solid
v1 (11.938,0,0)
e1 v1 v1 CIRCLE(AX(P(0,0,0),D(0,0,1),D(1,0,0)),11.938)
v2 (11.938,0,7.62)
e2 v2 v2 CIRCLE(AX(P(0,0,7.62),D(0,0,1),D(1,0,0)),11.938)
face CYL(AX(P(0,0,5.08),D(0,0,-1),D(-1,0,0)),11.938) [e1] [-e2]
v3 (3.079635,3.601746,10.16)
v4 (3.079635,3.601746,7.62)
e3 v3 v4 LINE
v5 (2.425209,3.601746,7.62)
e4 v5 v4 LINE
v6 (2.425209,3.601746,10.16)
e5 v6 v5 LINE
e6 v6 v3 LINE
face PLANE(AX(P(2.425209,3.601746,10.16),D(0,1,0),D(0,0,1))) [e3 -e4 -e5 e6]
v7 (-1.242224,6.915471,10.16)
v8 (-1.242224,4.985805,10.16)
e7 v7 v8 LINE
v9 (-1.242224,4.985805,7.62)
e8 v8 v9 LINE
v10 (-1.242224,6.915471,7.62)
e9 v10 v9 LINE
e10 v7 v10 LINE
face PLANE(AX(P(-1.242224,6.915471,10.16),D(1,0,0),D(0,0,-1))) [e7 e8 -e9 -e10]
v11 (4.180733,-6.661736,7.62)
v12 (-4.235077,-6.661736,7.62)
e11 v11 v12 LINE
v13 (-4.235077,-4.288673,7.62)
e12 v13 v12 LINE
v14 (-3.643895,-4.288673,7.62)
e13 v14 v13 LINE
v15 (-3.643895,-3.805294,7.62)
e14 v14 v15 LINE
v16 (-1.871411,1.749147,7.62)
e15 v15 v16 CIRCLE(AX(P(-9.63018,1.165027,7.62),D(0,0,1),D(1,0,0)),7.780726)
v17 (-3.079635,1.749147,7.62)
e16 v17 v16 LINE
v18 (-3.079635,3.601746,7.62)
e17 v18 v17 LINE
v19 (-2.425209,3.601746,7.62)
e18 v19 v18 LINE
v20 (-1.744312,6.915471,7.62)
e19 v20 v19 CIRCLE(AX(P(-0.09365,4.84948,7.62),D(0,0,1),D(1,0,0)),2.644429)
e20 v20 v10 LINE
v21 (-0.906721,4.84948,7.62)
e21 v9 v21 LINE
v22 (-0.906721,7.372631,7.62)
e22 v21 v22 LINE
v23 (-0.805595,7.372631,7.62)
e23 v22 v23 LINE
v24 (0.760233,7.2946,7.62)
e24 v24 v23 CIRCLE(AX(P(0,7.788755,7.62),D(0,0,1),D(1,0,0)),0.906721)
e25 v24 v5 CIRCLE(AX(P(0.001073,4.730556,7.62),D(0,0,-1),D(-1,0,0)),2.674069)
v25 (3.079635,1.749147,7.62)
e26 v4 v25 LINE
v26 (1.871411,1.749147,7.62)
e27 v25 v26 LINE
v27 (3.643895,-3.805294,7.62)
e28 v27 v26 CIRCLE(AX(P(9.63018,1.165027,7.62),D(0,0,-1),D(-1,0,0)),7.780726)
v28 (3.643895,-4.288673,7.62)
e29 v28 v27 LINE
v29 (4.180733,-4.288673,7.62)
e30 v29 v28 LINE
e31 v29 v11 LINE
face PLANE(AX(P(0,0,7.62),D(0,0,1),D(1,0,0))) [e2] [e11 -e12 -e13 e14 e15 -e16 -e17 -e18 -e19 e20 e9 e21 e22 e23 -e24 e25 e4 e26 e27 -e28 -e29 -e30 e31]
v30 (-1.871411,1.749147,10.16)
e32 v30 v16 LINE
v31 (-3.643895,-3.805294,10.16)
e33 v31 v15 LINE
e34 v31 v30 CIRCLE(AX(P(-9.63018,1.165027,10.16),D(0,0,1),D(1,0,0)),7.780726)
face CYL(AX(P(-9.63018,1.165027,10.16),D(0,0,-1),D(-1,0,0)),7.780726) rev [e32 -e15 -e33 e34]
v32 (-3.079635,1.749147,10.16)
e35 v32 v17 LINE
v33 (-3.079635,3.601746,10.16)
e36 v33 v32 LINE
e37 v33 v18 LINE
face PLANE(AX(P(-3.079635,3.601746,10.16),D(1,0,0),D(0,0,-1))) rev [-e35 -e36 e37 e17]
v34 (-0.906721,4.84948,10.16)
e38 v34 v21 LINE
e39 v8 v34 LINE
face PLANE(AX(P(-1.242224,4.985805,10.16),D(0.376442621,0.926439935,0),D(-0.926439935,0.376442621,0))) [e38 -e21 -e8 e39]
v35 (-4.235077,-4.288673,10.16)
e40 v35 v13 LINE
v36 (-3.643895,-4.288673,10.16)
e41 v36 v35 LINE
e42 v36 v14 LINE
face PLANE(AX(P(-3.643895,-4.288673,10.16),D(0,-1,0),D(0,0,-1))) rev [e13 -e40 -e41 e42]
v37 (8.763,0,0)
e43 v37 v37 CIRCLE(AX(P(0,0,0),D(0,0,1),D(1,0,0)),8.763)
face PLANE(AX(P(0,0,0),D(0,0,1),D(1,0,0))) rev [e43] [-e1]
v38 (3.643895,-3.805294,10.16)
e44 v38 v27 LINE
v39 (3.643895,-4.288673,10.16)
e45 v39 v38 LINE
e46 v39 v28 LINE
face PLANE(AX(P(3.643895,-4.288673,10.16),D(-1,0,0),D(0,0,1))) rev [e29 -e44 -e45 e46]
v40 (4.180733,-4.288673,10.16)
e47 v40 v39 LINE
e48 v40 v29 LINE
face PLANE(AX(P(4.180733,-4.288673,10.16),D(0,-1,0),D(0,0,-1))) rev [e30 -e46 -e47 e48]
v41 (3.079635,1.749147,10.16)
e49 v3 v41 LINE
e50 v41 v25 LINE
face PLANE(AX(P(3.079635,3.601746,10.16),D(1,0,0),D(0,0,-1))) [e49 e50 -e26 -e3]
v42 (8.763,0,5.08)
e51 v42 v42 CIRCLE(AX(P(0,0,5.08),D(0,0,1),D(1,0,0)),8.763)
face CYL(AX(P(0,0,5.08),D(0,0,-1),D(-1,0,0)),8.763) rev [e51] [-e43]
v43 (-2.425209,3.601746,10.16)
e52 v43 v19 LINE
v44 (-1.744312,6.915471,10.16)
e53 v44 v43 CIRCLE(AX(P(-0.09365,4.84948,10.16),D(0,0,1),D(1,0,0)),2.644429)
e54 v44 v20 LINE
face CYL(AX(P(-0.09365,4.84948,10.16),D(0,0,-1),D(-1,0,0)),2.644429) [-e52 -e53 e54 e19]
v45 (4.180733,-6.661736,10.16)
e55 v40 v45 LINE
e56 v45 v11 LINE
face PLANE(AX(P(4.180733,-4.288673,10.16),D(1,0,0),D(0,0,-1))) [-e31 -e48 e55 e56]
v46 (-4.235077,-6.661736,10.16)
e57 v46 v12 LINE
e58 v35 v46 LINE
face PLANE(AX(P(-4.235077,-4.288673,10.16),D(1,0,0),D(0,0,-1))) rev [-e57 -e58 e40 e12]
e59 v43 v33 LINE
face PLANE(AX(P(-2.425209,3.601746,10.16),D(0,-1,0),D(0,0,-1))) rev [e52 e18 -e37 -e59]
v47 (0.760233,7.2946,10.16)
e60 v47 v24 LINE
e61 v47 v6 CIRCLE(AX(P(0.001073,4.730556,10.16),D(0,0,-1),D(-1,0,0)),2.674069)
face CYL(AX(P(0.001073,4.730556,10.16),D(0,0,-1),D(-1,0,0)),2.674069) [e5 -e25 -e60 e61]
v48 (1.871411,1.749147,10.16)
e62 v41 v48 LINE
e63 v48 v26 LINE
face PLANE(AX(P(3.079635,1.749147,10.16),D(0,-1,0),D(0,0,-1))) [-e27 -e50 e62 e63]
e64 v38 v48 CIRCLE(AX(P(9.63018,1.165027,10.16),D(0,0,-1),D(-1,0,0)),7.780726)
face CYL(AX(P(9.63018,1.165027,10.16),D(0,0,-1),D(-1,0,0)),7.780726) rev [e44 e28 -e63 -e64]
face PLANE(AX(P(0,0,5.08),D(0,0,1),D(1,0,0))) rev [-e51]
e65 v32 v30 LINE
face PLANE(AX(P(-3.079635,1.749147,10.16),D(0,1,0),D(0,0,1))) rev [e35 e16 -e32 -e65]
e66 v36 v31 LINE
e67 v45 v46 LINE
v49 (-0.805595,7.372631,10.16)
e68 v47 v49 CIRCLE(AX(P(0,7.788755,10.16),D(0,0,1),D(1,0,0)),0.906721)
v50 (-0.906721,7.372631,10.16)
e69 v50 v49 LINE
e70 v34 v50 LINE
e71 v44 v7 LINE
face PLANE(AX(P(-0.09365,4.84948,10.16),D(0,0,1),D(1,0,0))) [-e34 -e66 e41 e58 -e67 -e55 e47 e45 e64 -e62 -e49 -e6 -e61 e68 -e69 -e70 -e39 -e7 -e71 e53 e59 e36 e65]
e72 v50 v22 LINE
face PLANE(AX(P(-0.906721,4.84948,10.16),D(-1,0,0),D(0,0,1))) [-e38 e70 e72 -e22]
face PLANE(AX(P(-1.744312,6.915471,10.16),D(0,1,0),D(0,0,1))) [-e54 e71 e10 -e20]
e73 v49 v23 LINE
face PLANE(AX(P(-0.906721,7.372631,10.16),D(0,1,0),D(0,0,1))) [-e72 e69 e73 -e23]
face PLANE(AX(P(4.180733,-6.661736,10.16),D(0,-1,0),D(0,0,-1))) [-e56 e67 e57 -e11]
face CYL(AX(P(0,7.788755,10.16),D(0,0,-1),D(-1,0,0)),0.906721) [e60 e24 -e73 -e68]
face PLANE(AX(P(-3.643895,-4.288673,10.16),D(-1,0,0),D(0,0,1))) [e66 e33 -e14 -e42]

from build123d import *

# Parameters (mm, degrees)
SKETCH1_R           = 11.938
SKETCH1_R_2         = 8.763
BOSS_EXTRUDE1_DEPTH = 5.08
SKETCH2_R           = 11.938
BOSS_EXTRUDE2_DEPTH = 2.54
BOSS_EXTRUDE4_DEPTH = 2.54


with BuildPart() as part:
    # Sketch1 → Boss-Extrude1 (new body)
    with BuildSketch(Plane.XY):
        Circle(SKETCH1_R)
        Circle(SKETCH1_R_2, mode=Mode.SUBTRACT)
    extrude(amount=BOSS_EXTRUDE1_DEPTH)

    # Sketch2 → Boss-Extrude2 (add)
    with BuildSketch(Plane.XY.offset(5.08)):
        Circle(SKETCH2_R)
    extrude(amount=BOSS_EXTRUDE2_DEPTH)

    # Sketch3 → Boss-Extrude4 (add)
    with BuildSketch(Plane.XY.offset(7.62)):
        with BuildLine():
            Line((-3.643894956, -4.288673329), (-3.643894956, -3.805293576))
            ThreePointArc((-3.643894956, -3.805293576), (-2.21771863, -1.200372389), (-1.871410538, 1.749146896))
            Line((-1.871410538, 1.749146896), (-3.079634877, 1.749146896))
            Line((-3.079634877, 1.749146896), (-3.079634877, 3.601746254))
            Line((-3.079634877, 3.601746254), (-2.425208939, 3.601746254))
            ThreePointArc((-2.425208939, 3.601746254), (-2.683961488, 5.381731454), (-1.744311698, 6.915471479))
            Line((-1.744311698, 6.915471479), (-1.242224022, 6.915471479))
            Line((-1.242224022, 6.915471479), (-1.242224022, 4.985805442))
            Line((-1.242224022, 4.985805442), (-0.906720977, 4.849479664))
            Line((-0.906720977, 4.849479664), (-0.906720977, 7.372630859))
            Line((-0.906720977, 7.372630859), (-0.805595188, 7.372630859))
            ThreePointArc((-0.805595188, 7.372630859), (0.04512934, 8.694352218), (0.760232512, 7.294599731))
            ThreePointArc((0.760232512, 7.294599731), (2.43882488, 5.829651294), (2.425208939, 3.601746254))
            Line((2.425208939, 3.601746254), (3.079634877, 3.601746254))
            Line((3.079634877, 3.601746254), (3.079634877, 1.749146896))
            Line((3.079634877, 1.749146896), (1.871410538, 1.749146896))
            ThreePointArc((1.871410538, 1.749146896), (2.21771863, -1.200372389), (3.643894956, -3.805293576))
            Line((3.643894956, -3.805293576), (3.643894956, -4.288673329))
            Line((3.643894956, -4.288673329), (4.180733459, -4.288673329))
            Line((4.180733459, -4.288673329), (4.180733459, -6.661736262))
            Line((4.180733459, -6.661736262), (-4.235077354, -6.661736262))
            Line((-4.235077354, -6.661736262), (-4.235077354, -4.288673329))
            Line((-4.235077354, -4.288673329), (-3.643894956, -4.288673329))
        make_face()
    extrude(amount=BOSS_EXTRUDE4_DEPTH)


solid = part.part
